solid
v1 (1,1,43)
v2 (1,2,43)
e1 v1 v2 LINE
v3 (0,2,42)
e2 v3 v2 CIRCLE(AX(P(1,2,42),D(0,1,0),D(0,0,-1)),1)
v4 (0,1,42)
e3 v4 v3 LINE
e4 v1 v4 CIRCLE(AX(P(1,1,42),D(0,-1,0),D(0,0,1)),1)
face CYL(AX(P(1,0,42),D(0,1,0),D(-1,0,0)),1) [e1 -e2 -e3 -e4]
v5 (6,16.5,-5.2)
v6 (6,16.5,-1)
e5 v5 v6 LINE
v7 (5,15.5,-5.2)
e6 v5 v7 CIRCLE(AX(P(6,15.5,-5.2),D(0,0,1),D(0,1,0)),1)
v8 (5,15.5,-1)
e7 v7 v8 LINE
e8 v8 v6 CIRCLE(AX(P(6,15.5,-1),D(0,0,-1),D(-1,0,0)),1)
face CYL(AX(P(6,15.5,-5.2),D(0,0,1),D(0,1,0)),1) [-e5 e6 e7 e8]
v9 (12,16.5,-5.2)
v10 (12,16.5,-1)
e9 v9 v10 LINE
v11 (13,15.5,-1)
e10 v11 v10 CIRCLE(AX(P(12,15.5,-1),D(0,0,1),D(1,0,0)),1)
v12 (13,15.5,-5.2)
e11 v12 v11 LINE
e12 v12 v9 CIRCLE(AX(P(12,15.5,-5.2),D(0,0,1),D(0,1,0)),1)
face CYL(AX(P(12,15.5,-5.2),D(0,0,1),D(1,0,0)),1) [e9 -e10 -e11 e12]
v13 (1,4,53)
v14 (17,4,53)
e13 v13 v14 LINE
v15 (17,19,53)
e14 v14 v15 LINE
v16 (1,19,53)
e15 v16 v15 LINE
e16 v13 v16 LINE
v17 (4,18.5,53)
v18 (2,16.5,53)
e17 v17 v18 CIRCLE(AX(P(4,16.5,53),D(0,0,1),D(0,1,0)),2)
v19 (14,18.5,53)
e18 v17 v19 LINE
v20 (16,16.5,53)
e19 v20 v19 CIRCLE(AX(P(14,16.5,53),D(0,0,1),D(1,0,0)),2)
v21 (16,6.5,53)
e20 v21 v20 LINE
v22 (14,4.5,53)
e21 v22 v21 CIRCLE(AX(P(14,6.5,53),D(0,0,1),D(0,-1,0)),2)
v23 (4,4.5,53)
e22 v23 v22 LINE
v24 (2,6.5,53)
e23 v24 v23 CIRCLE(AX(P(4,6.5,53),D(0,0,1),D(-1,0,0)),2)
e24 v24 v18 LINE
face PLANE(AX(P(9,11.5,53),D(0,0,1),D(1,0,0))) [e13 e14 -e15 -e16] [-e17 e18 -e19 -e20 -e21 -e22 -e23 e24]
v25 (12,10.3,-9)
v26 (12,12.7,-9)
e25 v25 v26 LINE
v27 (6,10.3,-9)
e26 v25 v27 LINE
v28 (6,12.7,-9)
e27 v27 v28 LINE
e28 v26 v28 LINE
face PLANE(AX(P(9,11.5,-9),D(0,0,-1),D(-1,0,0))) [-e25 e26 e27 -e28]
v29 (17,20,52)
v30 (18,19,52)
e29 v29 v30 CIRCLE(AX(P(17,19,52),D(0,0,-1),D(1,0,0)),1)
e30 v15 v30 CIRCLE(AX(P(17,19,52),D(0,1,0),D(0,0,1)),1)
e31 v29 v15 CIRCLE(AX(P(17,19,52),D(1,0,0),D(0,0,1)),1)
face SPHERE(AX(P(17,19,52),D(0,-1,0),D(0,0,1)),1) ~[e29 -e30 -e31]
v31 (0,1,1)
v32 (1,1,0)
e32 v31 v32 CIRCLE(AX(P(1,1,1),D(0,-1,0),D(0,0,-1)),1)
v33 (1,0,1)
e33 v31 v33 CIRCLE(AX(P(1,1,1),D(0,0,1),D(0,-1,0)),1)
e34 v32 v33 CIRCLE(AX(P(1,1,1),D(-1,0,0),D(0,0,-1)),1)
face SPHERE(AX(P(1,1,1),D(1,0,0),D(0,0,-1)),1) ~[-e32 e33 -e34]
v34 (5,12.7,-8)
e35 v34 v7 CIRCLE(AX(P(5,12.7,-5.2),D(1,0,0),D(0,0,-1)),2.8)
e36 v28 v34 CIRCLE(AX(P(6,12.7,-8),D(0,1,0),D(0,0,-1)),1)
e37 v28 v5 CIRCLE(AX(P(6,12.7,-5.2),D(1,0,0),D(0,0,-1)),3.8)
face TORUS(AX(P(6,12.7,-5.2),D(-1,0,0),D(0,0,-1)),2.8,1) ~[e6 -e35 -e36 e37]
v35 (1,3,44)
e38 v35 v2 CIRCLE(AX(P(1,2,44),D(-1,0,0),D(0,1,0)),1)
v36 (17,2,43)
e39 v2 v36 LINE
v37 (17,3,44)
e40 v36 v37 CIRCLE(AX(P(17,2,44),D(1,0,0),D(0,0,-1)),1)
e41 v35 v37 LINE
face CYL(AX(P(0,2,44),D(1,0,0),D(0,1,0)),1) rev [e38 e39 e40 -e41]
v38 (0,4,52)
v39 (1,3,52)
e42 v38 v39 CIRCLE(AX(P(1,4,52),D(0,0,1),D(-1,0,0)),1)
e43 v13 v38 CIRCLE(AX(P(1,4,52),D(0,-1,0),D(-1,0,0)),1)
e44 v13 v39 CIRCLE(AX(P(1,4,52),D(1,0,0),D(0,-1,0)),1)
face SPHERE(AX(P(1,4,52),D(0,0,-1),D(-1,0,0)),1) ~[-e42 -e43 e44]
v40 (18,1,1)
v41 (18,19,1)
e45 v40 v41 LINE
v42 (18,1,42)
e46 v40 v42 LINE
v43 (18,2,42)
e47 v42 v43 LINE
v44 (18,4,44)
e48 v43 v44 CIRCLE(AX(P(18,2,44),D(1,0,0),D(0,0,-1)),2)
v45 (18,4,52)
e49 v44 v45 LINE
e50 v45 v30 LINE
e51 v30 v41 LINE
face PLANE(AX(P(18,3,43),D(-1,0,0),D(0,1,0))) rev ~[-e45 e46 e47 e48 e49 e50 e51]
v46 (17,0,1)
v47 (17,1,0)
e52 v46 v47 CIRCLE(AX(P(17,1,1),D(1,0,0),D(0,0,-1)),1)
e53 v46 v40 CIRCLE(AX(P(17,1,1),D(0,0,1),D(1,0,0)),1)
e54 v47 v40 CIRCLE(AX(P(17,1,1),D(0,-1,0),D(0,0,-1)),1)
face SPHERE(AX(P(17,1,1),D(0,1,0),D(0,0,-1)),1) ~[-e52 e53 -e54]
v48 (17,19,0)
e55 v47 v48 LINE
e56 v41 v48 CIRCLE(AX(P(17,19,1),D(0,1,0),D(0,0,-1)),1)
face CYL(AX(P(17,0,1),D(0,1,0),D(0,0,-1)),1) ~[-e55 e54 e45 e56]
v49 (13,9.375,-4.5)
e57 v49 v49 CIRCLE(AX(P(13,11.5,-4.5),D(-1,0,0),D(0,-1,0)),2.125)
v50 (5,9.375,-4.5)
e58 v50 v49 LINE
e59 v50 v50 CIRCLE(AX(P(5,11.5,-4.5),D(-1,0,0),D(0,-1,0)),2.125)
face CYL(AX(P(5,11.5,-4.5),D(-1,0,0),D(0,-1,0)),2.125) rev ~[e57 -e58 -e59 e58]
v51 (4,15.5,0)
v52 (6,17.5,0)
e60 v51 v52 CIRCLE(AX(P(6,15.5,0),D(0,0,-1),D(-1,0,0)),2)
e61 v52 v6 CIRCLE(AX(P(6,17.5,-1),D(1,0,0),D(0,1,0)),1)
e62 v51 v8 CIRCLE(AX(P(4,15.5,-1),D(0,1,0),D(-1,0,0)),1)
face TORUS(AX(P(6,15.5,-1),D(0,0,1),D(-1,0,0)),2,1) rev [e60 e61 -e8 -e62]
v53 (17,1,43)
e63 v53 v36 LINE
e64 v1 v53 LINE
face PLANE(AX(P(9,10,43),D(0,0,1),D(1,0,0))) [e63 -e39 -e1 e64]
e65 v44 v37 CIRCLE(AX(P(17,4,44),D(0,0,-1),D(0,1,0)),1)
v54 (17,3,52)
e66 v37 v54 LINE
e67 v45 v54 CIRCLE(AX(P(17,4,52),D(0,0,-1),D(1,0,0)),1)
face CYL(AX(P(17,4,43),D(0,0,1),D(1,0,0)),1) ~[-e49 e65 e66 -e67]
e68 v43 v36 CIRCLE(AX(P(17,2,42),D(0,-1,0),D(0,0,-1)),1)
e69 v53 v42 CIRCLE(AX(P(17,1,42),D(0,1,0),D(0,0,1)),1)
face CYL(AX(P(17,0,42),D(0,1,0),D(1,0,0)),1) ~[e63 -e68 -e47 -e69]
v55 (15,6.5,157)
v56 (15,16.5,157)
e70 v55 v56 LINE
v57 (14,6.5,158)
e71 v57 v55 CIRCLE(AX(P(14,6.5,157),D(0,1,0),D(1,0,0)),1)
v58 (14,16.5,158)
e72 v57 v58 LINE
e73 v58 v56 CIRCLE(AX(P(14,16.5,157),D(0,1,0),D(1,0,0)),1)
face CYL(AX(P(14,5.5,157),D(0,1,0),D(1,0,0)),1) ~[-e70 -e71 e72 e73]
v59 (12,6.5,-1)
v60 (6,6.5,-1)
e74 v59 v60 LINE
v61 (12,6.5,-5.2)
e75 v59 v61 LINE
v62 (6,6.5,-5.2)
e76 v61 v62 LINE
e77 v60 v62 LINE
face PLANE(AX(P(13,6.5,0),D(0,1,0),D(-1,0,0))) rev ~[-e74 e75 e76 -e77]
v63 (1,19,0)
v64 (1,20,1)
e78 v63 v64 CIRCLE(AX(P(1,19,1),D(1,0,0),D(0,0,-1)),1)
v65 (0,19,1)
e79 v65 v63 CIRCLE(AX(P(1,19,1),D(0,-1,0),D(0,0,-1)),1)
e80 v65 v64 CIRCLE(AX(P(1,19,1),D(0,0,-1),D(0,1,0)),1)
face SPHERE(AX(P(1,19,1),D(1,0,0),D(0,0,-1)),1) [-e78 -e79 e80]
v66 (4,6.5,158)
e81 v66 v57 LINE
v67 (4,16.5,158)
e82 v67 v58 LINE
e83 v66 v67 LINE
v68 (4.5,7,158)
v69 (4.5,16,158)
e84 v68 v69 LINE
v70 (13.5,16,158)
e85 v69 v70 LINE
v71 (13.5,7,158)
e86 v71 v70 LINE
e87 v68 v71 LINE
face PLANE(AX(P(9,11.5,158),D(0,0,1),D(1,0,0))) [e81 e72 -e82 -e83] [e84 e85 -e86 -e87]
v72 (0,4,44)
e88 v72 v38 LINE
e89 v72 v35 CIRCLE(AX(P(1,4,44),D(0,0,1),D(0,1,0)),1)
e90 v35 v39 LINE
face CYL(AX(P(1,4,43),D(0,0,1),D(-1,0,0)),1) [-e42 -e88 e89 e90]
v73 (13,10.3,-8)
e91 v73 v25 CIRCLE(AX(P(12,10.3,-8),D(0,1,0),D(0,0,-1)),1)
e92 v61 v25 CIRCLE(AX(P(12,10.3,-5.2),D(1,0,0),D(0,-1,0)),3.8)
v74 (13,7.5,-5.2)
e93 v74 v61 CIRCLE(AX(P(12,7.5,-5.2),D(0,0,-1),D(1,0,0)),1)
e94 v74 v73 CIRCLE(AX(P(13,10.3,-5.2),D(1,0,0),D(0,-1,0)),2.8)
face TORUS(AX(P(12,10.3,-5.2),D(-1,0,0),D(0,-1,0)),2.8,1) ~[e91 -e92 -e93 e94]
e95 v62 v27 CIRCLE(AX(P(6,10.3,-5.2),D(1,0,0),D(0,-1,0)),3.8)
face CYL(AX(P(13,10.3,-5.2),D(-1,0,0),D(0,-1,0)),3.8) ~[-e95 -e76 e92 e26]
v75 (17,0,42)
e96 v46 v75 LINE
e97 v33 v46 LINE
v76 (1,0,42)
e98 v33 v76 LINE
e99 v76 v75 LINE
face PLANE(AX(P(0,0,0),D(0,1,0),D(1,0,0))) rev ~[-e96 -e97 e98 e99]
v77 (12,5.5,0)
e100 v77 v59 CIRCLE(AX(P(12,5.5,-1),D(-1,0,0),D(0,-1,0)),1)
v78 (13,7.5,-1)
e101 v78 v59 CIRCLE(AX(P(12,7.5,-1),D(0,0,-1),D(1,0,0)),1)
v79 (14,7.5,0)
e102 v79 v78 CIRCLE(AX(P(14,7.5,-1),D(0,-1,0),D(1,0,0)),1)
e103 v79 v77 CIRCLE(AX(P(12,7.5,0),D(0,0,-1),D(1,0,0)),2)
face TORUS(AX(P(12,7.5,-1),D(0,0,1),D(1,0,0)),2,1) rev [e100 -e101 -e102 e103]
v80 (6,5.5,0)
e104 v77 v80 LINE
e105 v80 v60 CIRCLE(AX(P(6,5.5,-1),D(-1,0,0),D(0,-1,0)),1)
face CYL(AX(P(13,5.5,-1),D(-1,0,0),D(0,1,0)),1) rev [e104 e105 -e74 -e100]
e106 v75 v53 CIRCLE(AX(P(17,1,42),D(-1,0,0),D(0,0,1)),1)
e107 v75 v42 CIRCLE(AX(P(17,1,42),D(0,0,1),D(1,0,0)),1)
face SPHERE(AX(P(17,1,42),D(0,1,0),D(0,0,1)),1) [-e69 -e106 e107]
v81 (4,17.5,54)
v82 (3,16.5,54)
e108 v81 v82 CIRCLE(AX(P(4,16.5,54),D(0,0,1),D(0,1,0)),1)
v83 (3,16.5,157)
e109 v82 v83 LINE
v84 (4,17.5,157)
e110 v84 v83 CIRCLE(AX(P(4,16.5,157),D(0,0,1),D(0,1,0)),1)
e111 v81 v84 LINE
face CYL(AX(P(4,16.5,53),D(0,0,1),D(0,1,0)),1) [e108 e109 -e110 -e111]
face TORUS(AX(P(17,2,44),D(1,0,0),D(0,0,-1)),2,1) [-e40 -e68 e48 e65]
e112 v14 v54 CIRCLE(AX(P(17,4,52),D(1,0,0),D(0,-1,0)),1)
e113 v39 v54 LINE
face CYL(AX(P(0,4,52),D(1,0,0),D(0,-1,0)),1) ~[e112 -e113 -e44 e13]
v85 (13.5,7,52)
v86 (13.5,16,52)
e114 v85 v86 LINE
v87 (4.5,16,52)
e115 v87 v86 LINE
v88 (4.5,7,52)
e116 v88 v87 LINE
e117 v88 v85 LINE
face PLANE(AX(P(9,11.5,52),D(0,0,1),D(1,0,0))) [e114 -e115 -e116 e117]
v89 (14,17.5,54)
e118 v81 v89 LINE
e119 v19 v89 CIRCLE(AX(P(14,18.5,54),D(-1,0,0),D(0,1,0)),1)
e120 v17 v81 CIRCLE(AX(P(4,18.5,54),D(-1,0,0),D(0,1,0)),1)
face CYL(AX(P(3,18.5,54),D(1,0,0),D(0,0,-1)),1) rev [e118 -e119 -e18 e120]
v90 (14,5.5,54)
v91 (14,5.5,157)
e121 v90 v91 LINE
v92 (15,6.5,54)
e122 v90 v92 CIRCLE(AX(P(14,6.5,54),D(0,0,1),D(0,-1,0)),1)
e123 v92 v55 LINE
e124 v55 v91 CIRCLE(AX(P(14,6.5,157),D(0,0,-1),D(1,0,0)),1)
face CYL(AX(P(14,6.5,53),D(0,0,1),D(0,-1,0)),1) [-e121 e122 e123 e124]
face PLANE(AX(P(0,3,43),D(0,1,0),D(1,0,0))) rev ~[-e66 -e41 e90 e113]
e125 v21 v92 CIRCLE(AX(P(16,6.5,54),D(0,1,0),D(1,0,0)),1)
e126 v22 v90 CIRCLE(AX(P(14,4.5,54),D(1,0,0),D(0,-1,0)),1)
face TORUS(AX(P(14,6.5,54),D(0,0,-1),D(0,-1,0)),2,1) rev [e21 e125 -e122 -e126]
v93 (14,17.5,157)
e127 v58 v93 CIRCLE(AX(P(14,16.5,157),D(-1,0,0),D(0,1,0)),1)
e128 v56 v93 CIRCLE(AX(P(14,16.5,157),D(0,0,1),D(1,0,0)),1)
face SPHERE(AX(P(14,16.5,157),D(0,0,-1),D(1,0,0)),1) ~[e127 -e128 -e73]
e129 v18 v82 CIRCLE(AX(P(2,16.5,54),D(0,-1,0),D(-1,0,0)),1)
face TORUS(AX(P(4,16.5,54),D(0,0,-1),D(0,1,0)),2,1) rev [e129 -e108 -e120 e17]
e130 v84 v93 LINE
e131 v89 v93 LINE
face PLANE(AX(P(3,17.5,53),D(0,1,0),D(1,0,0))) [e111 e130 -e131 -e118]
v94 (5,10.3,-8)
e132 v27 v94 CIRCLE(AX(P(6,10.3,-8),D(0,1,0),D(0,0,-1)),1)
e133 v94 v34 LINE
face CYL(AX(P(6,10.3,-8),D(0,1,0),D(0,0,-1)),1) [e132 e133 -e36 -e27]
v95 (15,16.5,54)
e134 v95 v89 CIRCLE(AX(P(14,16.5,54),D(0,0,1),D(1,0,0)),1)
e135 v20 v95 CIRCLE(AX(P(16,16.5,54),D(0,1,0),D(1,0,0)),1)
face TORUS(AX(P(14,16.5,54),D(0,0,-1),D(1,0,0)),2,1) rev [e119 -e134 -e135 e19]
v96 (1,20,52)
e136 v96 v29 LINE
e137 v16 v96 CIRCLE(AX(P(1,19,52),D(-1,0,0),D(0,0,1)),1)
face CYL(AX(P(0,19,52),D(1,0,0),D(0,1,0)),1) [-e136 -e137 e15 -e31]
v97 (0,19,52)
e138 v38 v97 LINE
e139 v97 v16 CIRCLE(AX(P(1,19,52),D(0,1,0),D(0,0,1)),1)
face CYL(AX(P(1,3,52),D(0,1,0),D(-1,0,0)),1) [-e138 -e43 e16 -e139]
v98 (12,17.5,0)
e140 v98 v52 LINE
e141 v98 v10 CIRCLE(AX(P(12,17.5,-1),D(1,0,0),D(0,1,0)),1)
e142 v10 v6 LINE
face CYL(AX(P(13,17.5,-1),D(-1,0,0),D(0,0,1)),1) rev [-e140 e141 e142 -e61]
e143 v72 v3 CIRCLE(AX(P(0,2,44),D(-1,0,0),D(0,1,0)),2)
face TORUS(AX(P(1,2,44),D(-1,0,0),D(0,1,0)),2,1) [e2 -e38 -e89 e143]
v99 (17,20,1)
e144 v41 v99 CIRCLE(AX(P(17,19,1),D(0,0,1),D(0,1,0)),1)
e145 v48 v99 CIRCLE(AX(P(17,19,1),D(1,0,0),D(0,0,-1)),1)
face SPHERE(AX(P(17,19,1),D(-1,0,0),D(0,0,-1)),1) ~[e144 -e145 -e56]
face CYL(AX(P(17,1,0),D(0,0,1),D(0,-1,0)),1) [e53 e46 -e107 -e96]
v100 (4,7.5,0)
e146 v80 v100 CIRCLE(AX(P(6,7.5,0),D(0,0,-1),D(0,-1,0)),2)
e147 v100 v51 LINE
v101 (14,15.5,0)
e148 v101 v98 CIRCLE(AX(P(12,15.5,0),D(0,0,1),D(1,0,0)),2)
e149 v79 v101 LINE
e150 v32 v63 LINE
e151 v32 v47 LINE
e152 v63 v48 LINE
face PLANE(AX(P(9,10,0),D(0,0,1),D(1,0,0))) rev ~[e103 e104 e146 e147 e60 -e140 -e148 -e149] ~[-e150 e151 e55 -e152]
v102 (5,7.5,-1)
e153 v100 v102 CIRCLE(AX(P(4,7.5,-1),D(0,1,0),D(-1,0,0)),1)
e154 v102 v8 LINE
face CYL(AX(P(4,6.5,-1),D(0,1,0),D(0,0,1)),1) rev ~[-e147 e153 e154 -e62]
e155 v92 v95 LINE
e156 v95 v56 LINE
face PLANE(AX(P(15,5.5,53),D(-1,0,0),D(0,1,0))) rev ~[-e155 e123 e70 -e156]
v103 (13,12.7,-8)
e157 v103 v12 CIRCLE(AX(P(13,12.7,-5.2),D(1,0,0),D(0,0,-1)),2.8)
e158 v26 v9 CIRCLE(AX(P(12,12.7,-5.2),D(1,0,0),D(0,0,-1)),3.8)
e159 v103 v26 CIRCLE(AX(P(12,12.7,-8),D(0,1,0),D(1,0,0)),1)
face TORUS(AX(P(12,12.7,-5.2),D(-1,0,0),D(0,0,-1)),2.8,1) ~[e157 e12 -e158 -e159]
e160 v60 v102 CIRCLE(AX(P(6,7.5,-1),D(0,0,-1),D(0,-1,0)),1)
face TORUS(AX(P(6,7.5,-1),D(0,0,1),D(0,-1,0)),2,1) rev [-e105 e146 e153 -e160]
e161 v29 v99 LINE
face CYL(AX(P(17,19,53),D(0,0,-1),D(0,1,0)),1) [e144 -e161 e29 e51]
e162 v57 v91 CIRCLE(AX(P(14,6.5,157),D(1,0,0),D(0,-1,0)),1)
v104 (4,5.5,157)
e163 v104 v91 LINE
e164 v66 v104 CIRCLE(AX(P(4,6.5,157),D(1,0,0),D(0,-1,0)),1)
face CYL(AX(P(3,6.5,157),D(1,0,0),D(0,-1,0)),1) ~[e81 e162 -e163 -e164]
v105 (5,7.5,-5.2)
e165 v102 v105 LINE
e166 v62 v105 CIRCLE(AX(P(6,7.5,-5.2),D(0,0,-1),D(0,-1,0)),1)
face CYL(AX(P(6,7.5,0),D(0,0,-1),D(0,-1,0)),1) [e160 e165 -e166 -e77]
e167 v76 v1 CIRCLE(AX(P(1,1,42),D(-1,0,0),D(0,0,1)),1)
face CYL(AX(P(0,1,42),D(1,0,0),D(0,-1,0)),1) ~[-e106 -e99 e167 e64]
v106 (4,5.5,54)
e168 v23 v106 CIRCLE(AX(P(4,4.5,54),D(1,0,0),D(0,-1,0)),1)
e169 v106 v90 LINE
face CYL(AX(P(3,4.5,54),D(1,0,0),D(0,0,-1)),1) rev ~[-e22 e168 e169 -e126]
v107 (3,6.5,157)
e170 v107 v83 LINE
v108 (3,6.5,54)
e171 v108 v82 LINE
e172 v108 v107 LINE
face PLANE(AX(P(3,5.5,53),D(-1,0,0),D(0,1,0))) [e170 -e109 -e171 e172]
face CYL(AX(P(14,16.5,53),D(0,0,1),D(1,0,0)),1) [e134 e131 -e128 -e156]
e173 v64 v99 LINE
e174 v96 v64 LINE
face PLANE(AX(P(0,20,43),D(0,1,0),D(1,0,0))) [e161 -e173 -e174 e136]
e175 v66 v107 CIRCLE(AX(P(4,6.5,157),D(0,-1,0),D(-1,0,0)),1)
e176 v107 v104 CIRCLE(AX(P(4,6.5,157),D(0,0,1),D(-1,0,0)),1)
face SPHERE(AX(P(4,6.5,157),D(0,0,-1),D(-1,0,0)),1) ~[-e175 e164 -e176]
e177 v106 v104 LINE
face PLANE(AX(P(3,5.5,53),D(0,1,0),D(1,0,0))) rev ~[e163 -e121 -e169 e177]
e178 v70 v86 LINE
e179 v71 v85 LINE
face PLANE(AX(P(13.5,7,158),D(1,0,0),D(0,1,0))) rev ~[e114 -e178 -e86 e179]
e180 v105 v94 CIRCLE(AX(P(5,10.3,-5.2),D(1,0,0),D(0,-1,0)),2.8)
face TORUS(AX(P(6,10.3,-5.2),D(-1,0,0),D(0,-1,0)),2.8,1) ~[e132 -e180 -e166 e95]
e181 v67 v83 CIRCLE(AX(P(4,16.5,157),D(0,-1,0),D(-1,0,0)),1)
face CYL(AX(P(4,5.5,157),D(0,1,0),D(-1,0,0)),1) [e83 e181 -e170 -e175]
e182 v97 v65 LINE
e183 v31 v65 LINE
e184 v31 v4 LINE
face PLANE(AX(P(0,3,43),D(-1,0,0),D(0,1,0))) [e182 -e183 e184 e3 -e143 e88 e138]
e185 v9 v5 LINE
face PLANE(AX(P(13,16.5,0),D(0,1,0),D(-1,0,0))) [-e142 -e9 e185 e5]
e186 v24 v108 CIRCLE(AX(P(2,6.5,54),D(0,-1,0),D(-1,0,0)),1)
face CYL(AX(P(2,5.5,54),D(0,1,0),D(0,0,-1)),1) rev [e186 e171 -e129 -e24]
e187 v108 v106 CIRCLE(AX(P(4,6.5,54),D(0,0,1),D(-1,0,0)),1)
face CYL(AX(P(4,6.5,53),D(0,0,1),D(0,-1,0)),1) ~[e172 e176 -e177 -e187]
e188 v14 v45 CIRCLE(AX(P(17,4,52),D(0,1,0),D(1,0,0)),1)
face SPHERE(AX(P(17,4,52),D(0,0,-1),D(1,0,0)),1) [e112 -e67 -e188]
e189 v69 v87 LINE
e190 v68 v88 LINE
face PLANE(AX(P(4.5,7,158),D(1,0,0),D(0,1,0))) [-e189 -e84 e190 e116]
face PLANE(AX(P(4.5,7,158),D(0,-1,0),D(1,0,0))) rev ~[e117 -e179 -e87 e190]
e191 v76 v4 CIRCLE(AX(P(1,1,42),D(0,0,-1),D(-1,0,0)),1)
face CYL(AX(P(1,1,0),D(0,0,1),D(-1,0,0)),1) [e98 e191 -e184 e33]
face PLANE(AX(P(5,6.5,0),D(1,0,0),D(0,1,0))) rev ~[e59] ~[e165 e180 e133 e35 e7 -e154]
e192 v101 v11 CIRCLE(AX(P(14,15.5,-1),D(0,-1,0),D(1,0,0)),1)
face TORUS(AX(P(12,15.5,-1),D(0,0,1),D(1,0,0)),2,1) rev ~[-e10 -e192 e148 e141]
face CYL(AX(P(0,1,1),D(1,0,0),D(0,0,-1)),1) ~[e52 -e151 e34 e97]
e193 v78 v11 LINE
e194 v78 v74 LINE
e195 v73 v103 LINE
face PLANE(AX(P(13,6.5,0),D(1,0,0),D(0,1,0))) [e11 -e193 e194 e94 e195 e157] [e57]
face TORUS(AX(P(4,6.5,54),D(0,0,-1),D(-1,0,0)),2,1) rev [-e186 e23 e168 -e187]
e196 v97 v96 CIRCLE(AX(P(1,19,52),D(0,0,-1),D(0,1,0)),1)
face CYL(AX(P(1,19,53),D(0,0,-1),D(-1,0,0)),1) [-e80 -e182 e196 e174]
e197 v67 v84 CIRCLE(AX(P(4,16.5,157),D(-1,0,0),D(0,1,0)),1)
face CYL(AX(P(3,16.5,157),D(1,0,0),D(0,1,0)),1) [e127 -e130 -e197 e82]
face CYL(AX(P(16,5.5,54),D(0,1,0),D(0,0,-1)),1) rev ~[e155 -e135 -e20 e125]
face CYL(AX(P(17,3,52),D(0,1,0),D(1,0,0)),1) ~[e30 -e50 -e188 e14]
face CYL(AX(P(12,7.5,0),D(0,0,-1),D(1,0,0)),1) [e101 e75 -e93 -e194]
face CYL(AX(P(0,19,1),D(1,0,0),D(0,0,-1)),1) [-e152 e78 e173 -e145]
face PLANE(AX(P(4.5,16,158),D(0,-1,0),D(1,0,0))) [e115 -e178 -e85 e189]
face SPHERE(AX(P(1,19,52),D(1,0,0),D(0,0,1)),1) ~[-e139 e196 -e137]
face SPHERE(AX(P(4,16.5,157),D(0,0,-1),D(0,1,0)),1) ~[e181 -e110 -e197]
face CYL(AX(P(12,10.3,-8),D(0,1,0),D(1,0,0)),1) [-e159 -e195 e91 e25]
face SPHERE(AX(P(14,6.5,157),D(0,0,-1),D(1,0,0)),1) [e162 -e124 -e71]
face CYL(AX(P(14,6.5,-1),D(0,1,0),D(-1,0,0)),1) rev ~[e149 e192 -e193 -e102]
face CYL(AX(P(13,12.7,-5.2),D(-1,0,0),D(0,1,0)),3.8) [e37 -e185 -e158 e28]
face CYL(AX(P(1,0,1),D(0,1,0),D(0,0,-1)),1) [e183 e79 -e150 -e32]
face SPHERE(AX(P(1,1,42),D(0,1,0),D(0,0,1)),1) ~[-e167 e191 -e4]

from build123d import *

# Parameters (mm, degrees)
ESQUISSE1_W             = 18
ESQUISSE1_H             = 20
EXTRUSION1_DEPTH        = 43
ESQUISSE4_W             = 18
ESQUISSE4_H             = 17
EXTRUSION3_DEPTH        = 10
ESQUISSE7_W             = 8
ESQUISSE7_H             = 10
EXTRUSION4_DEPTH        = 9
CONG_5_R                = 3.8
CONG_6_R                = 1
ESQUISSE8_R             = 2.125
ENL_V_MAT_EXTRU_1_DEPTH = 59.120564347
ESQUISSE6_W             = 12
ESQUISSE6_H             = 12
EXTRUSION5_DEPTH        = 105
CONG_7_R                = 1
ESQUISSE9_W             = 9
ESQUISSE9_H             = 9
ENL_V_MAT_EXTRU_2_DEPTH = 106


with BuildPart() as part:
    # Esquisse1 → Extrusion1 (new body)
    with BuildSketch(Plane.XY):
        with Locations((9, 10)):
            Rectangle(ESQUISSE1_W, ESQUISSE1_H)
    extrude(amount=EXTRUSION1_DEPTH)

    # Esquisse4 → Extrusion3 (add)
    with BuildSketch(Plane.XY.offset(43)):
        with Locations((9, 11.5)):
            Rectangle(ESQUISSE4_W, ESQUISSE4_H)
    extrude(amount=EXTRUSION3_DEPTH)

    # Esquisse7 → Extrusion4 (add)
    with BuildSketch(Plane(origin=(0, 0, 0), x_dir=(-1, 0, 0), z_dir=(0, 0, -1))):
        with Locations((-9, 11.5)):
            Rectangle(ESQUISSE7_W, ESQUISSE7_H)
    extrude(amount=EXTRUSION4_DEPTH)

    # Congé5
    cong_5_edges = [part.edges().sort_by_distance(p)[0] for p in [
        (9, 6.5, -9),
        (9, 16.5, -9),
    ]]
    fillet(cong_5_edges, radius=CONG_5_R)

    # Congé6
    cong_6_edges = [part.edges().sort_by_distance(p)[0] for p in [
        (18, 1.5, 43),
        (0, 1.5, 43),
        (18, 3, 48),
        (9, 3, 43),
        (0, 3, 48),
        (18, 11.5, 53),
        (9, 20, 53),
        (0, 11.5, 53),
        (9, 3, 53),
        (13, 11.5, 0),
        (9, 6.5, 0),
        (5, 11.5, 0),
        (9, 16.5, 0),
        (13, 11.5, -9),
        (5, 11.5, -9),
        (9, 20, 0),
        (5, 16.5, -2.6),
        (5, 6.5, -2.6),
        (5, 15.387005769, -7.887005769),
        (5, 7.612994231, -7.887005769),
        (13, 6.5, -2.6),
        (13, 16.5, -2.6),
        (13, 15.387005769, -7.887005769),
        (18, 10, 0),
        (13, 7.612994231, -7.887005769),
        (9, 0, 0),
        (0, 10, 0),
        (9, 0, 43),
        (0, 20, 26.5),
        (18, 20, 26.5),
        (18, 0, 21.5),
        (0, 0, 21.5),
    ]]
    fillet(cong_6_edges, radius=CONG_6_R)

    # Esquisse8 → Enlèv. mat.-Extru.1 (cut, through all)
    with BuildSketch(Plane.ZY.offset(-5)):
        with Locations(Location((-4.5, 11.5, 0), (0, 0, 270))):
            Circle(ESQUISSE8_R)
    extrude(amount=-ENL_V_MAT_EXTRU_1_DEPTH, mode=Mode.SUBTRACT)

    # Esquisse6 → Extrusion5 (add)
    with BuildSketch(Plane.XY.offset(53)):
        with Locations((9, 11.5)):
            Rectangle(ESQUISSE6_W, ESQUISSE6_H)
    extrude(amount=EXTRUSION5_DEPTH)

    # Congé7
    cong_7_edges = [part.edges().sort_by_distance(p)[0] for p in [
        (15, 11.5, 53),
        (15, 5.5, 105.5),
        (9, 17.5, 53),
        (15, 17.5, 105.5),
        (3, 11.5, 53),
        (3, 17.5, 105.5),
        (9, 5.5, 53),
        (3, 5.5, 105.5),
        (15, 11.5, 158),
        (9, 17.5, 158),
        (3, 11.5, 158),
        (9, 5.5, 158),
    ]]
    fillet(cong_7_edges, radius=CONG_7_R)

    # Esquisse9 → Enlèv. mat.-Extru.2 (cut)
    with BuildSketch(Plane.XY.offset(158)):
        with Locations((9, 11.5)):
            Rectangle(ESQUISSE9_W, ESQUISSE9_H)
    extrude(amount=-ENL_V_MAT_EXTRU_2_DEPTH, mode=Mode.SUBTRACT)


solid = part.part
